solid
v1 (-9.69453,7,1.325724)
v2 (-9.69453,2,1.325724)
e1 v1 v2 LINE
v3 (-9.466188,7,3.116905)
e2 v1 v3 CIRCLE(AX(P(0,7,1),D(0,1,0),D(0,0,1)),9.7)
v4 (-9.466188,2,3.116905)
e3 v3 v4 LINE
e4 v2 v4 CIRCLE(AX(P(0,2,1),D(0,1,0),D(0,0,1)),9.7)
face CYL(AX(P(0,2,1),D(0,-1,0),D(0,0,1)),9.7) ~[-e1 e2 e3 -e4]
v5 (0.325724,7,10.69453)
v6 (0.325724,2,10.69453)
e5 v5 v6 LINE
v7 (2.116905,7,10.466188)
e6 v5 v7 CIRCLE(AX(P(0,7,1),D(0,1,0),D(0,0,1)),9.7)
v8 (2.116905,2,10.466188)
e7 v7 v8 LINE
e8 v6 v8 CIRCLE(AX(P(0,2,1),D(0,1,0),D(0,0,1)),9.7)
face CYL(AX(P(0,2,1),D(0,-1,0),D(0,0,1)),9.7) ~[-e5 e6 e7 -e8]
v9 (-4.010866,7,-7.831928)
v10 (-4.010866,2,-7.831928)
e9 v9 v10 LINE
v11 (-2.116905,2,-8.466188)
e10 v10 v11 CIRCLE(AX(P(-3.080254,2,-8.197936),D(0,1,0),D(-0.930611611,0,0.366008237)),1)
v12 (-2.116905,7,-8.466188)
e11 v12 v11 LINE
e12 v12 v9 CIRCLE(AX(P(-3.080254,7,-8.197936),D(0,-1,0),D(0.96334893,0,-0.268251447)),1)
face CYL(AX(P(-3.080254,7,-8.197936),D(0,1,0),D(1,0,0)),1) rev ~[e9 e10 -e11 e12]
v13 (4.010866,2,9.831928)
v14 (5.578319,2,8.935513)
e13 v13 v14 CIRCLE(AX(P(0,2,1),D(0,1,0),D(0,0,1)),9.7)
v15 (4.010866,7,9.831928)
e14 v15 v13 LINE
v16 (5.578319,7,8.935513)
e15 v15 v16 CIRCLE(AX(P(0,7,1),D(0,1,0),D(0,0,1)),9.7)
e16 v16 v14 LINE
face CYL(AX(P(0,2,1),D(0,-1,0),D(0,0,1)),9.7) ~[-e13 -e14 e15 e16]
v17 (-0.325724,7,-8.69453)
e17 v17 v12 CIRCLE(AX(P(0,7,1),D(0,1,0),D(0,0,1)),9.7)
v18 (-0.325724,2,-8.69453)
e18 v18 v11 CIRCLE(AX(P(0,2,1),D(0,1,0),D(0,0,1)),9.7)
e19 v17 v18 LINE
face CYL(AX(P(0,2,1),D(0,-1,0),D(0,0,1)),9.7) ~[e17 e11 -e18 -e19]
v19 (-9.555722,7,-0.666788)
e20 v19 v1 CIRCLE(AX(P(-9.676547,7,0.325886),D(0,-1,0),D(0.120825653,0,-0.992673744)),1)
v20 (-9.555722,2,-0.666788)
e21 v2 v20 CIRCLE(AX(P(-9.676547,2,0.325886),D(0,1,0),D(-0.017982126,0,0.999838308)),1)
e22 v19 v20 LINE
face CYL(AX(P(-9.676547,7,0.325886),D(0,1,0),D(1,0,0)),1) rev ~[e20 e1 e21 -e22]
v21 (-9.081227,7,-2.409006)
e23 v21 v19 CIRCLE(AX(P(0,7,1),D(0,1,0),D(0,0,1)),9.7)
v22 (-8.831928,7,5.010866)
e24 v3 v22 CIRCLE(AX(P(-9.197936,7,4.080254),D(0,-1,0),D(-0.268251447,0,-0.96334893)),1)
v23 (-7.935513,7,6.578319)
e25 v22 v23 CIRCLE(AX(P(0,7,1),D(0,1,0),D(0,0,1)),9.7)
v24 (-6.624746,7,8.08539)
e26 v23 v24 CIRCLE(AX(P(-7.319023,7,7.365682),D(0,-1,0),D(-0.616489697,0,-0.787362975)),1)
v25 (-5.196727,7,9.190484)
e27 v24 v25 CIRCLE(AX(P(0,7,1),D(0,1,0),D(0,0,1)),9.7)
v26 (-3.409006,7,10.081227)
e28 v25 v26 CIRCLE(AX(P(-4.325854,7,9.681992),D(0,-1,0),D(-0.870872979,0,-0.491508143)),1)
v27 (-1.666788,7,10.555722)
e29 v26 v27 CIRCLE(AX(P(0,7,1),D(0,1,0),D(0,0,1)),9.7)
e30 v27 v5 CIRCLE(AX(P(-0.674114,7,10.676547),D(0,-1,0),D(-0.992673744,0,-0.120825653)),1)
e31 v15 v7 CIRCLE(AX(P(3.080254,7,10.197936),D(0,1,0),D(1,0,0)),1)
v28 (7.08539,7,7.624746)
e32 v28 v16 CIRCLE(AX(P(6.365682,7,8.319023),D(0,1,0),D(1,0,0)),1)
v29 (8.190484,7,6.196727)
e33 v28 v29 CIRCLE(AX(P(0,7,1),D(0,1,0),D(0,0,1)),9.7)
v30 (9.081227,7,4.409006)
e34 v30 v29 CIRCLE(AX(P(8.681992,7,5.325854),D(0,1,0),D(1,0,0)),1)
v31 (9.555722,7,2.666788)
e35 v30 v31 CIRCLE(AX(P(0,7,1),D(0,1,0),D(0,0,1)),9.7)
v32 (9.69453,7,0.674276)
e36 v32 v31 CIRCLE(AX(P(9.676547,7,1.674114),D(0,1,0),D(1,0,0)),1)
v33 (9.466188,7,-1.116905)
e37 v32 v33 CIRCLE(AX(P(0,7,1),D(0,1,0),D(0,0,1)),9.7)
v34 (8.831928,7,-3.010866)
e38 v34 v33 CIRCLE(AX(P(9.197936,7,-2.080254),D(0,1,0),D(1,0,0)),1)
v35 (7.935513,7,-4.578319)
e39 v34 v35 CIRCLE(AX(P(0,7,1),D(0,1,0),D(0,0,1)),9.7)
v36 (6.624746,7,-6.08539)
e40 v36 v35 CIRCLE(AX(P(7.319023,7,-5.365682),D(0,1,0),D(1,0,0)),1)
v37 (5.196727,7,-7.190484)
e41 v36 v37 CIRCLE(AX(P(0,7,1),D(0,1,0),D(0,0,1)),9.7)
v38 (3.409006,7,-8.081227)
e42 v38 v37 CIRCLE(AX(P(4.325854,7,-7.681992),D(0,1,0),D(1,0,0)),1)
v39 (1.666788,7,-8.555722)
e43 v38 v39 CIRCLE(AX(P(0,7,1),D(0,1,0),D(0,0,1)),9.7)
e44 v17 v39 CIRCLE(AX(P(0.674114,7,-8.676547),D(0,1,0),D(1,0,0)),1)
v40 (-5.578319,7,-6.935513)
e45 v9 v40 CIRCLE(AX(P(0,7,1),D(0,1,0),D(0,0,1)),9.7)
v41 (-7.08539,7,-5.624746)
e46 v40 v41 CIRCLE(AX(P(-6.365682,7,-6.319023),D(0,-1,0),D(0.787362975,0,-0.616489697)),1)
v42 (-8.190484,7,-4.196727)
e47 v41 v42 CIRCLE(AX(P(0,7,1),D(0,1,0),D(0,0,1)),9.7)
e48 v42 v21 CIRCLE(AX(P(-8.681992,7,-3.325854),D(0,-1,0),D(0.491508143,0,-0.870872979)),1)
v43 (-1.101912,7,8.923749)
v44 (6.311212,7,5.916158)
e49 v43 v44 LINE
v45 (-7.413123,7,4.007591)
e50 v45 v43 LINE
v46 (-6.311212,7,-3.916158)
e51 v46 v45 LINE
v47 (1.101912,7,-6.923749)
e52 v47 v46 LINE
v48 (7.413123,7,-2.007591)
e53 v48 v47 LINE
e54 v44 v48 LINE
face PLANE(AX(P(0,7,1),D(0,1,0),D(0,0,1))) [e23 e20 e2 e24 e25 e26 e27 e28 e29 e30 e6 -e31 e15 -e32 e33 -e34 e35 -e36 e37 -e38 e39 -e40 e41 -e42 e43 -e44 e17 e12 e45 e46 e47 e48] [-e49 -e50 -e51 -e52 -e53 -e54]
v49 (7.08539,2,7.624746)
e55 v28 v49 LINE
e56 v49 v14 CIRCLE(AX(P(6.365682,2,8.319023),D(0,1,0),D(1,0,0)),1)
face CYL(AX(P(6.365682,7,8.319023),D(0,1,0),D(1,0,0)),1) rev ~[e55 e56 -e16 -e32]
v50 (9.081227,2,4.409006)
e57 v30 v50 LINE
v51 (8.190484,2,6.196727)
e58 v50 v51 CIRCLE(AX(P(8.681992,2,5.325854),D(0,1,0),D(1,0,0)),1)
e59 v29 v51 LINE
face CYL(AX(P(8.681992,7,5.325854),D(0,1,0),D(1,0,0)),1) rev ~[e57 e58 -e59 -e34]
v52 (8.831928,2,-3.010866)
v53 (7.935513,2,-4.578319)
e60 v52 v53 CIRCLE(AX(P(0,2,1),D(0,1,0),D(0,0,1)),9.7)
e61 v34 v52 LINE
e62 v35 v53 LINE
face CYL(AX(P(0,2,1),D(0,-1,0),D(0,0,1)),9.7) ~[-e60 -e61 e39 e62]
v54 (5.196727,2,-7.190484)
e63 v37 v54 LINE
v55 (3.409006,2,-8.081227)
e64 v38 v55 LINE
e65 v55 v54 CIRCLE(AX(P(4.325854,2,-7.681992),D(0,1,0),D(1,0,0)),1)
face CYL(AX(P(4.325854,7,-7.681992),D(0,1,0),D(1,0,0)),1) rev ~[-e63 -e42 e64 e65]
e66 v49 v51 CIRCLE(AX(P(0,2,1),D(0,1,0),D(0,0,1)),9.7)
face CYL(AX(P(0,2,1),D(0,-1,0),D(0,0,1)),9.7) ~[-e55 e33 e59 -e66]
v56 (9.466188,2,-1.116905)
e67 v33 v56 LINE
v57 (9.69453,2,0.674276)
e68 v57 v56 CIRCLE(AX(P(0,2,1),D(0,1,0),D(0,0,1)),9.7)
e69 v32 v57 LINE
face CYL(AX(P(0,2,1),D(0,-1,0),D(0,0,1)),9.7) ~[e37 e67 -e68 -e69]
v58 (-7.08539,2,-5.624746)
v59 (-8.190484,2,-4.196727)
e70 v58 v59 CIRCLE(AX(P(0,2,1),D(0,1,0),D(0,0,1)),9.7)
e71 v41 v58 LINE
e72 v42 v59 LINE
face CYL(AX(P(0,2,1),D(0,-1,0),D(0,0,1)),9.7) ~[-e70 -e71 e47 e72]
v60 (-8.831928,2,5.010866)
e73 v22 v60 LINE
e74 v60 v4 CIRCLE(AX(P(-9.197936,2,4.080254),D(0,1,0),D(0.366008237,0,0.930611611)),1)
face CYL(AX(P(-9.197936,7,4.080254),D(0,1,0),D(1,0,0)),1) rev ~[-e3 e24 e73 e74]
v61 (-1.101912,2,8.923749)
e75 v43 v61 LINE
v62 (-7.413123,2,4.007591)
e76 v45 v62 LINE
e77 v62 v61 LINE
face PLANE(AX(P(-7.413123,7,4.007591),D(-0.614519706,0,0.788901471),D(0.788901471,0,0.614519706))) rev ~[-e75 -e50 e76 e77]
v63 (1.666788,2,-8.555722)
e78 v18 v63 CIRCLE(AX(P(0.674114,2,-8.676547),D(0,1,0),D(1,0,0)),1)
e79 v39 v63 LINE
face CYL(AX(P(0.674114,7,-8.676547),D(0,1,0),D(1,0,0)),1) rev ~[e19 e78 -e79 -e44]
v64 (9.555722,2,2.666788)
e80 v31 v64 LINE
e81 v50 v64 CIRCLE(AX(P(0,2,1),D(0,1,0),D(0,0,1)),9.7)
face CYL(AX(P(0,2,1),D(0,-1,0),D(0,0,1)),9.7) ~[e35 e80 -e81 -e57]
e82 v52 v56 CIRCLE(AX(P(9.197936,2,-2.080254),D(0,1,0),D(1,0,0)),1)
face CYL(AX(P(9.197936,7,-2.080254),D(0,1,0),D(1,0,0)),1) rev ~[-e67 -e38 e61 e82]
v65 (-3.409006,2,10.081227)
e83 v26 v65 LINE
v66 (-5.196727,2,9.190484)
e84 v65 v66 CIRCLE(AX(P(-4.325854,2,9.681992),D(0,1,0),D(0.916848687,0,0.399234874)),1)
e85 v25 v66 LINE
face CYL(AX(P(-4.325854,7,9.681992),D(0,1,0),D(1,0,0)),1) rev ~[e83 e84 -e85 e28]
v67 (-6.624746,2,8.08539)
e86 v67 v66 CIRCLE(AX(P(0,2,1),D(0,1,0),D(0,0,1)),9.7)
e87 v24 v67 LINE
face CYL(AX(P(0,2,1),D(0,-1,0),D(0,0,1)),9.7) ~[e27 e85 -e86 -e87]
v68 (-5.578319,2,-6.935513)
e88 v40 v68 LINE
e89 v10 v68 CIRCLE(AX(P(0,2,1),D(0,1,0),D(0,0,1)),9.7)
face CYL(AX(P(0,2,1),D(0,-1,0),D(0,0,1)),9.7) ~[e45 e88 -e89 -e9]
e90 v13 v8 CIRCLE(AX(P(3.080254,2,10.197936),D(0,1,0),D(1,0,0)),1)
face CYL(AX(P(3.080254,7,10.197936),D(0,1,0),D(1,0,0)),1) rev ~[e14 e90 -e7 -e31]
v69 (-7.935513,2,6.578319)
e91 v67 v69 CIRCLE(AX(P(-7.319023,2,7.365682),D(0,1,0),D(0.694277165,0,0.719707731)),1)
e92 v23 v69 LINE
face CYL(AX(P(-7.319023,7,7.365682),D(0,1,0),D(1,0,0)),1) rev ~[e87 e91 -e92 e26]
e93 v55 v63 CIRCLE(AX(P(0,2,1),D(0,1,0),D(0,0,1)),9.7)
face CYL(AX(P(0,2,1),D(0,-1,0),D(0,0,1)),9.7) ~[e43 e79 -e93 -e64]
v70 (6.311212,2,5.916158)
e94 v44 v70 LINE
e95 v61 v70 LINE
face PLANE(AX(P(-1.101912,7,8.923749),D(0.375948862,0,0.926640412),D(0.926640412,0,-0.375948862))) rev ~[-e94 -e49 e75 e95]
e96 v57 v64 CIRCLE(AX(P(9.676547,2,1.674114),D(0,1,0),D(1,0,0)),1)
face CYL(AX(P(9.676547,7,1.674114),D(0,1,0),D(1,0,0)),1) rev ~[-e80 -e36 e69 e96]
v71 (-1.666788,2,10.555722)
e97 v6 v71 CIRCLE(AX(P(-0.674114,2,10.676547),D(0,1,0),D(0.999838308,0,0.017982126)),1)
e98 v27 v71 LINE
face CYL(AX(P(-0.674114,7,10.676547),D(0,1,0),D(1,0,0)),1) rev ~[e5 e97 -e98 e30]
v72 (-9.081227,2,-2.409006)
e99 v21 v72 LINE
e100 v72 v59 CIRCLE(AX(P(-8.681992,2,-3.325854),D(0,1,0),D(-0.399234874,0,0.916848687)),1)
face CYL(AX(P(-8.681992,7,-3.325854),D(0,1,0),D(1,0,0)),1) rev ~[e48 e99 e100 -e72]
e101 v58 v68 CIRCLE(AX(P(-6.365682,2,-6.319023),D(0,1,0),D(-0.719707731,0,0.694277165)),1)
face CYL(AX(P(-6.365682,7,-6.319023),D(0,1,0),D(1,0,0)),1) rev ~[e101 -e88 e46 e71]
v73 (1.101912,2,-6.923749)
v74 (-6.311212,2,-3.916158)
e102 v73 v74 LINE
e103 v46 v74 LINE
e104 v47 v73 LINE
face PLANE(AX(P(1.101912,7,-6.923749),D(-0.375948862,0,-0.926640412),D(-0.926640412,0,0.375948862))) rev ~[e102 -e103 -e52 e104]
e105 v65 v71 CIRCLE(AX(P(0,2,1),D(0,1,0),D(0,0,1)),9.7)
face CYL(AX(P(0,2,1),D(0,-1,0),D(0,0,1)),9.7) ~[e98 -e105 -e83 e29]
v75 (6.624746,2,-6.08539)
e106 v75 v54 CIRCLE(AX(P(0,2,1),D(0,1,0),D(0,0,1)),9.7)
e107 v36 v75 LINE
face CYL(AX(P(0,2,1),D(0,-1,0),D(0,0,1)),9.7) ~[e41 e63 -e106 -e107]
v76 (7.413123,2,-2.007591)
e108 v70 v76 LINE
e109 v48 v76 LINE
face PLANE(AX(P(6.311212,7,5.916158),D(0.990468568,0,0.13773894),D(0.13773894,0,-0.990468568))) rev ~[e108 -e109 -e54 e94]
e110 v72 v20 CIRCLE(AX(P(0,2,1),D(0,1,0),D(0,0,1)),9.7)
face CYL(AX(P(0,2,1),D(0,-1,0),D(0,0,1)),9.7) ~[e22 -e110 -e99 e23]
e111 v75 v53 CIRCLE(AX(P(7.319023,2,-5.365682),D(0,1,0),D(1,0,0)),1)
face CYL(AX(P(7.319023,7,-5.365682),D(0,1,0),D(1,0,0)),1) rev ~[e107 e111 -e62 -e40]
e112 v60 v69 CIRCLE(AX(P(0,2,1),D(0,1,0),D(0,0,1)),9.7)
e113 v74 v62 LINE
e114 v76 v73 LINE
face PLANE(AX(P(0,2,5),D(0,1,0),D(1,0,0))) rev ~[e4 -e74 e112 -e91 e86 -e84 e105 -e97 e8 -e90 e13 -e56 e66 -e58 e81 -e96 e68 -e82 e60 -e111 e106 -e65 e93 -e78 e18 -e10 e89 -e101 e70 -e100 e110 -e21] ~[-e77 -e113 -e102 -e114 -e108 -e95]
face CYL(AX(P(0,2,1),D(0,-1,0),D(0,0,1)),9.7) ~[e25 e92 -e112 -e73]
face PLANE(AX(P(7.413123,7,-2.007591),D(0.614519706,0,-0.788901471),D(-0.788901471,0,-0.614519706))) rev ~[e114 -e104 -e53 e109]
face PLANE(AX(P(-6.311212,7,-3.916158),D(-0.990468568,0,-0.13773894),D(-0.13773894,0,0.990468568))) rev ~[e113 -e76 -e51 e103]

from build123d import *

# Parameters (mm, degrees)
SKETCH1_W             = 20
SKETCH1_H             = 20
SKETCH1_R             = 4
SKETCH1_H_2           = 10
BOSS_EXTRUDE2_DEPTH   = 2
SKETCH2_W             = 45
SKETCH2_H             = 60
SKETCH2_W_2           = 43
SKETCH2_H_2           = 58
BOSS_EXTRUDE3_DEPTH   = 4
SKETCH6_W             = 45
SKETCH6_H             = 30
BOSS_EXTRUDE4_DEPTH   = 2
CUT_EXTRUDE4_DEPTH    = 4
BOSS_EXTRUDE5_DEPTH   = 7
BOSS_EXTRUDE5_2_DEPTH = 7
BOSS_EXTRUDE5_3_DEPTH = 7
SKETCH14_R            = 4
CUT_EXTRUDE7_DEPTH    = 19
SKETCH20_R            = 9.7
BOSS_EXTRUDE6_DEPTH   = 5
CUT_EXTRUDE8_DEPTH    = 15
CUT_EXTRUDE9_DEPTH    = 15
CUT_EXTRUDE10_DEPTH   = 31
SKETCH24_W            = 45
SKETCH24_H            = 30
CUT_EXTRUDE11_DEPTH   = 31
SKETCH25_W            = 45
SKETCH25_H            = 60
CUT_EXTRUDE12_DEPTH   = 31
SKETCH26_R            = 1
CUT_EXTRUDE14_DEPTH   = 31
SKETCH28_R            = 8.330942509
BOSS_EXTRUDE7_DEPTH   = 5
CUT_EXTRUDE15_DEPTH   = 10


with BuildPart() as part:
    # Sketch1 → Boss-Extrude2 (new body)
    # profile 1 of 6: a face of its own
    with BuildSketch(Plane(origin=(0, 0, 0), x_dir=(1, 0, 0), z_dir=(0, 1, 0))):
        Polygon((-22.5, 10), (-10, 10), (10, 10), (22.5, 10), (22.5, 70), (-22.5, 70), align=None)
    # profile 2 of 6: a face of its own
    with BuildSketch(Plane(origin=(0, 0, 0), x_dir=(1, 0, 0), z_dir=(0, 1, 0))):
        Polygon((-22.5, 10), (-10, -10), (-10, 10), align=None)
    # profile 3 of 6: a face of its own
    with BuildSketch(Plane(origin=(0, 0, 0), x_dir=(1, 0, 0), z_dir=(0, 1, 0))):
        Polygon((10, 10), (10, -10), (22.5, 10), align=None)
    # profile 4 of 6: a face of its own
    with BuildSketch(Plane(origin=(0, 0, 0), x_dir=(1, 0, 0), z_dir=(0, 1, 0))):
        Rectangle(SKETCH1_W, SKETCH1_H)
        Circle(SKETCH1_R, mode=Mode.SUBTRACT)
    # profile 5 of 6: a face of its own
    with BuildSketch(Plane(origin=(0, 0, 0), x_dir=(1, 0, 0), z_dir=(0, 1, 0))):
        Circle(SKETCH1_R)
    # profile 6 of 6: a face of its own
    with BuildSketch(Plane(origin=(0, 0, 0), x_dir=(1, 0, 0), z_dir=(0, 1, 0))):
        with Locations((0, -15)):
            Rectangle(SKETCH1_W, SKETCH1_H_2)
    extrude(amount=BOSS_EXTRUDE2_DEPTH)

    # Sketch2 → Boss-Extrude3 (add)
    with BuildSketch(Plane(origin=(0, 2, 0), x_dir=(1, 0, 0), z_dir=(0, 1, 0))):
        with Locations((0, 40)):
            Rectangle(SKETCH2_W, SKETCH2_H)
        with Locations((0, 40)):
            Rectangle(SKETCH2_W_2, SKETCH2_H_2, mode=Mode.SUBTRACT)
    extrude(amount=BOSS_EXTRUDE3_DEPTH)

    # Sketch6 → Boss-Extrude4 (add)
    with BuildSketch(Plane(origin=(0, 2, 0), x_dir=(1, 0, 0), z_dir=(0, 1, 0))):
        with Locations((0, -5)):
            Rectangle(SKETCH6_W, SKETCH6_H)
    extrude(amount=-BOSS_EXTRUDE4_DEPTH)

    # Sketch7 → Cut-Extrude4 (cut)
    with BuildSketch(Plane(origin=(0, 2, 0), x_dir=(1, 0, 0), z_dir=(0, 1, 0))):
        with BuildLine():
            Line((9.5, 9.5), (-9.5, 9.5))
            Line((-9.5, 9.5), (-9.5, 2.122498999))
            ThreePointArc((-9.5, 2.122498999), (0, 9), (9.5, 2.122498999))
            Line((9.5, 2.122498999), (9.5, 9.5))
        make_face()
        with BuildLine():
            ThreePointArc((-5.267826876, -9.5), (-7.858215886, -7.184532568), (-9.5, -4.122498999))
            Line((-9.5, -4.122498999), (-9.5, -9.5))
            Line((-9.5, -9.5), (-5.267826876, -9.5))
        make_face()
        with BuildLine():
            Line((9.5, -9.5), (9.5, -4.122498999))
            ThreePointArc((9.5, -4.122498999), (7.858215886, -7.184532568), (5.267826876, -9.5))
            Line((5.267826876, -9.5), (9.5, -9.5))
        make_face()
    extrude(amount=-CUT_EXTRUDE4_DEPTH, mode=Mode.SUBTRACT)

    # Sketch14 → Cut-Extrude7 (cut)
    with BuildSketch(Plane.XZ):
        with Locations(Location((0, 1, 0), (0, 0, 270))):
            Circle(SKETCH14_R)
    extrude(amount=-CUT_EXTRUDE7_DEPTH, mode=Mode.SUBTRACT)

    # Sketch20 → Boss-Extrude6 (add)
    with BuildSketch(Plane(origin=(0, 2, 0), x_dir=(1, 0, 0), z_dir=(0, 1, 0))):
        with Locations(Location((0, -1, 0), (0, 0, 270))):
            Circle(SKETCH20_R)
        Polygon((7.160405698, -4.567714988), (7.585926887, 1.540415964), (3.567714988, 6.160405698), (-2.540415964, 6.585926887), (-7.160405698, 2.567714988), (-7.585926887, -3.540415964), (-3.567714988, -8.160405698), (2.540415964, -8.585926887), align=None, mode=Mode.SUBTRACT)
    extrude(amount=BOSS_EXTRUDE6_DEPTH)

    # Sketch24 → Cut-Extrude11 (cut)
    with BuildSketch(Plane(origin=(0, 2, 0), x_dir=(1, 0, 0), z_dir=(0, 1, 0))):
        with Locations((0, -5)):
            Rectangle(SKETCH24_W, SKETCH24_H)
    extrude(amount=-CUT_EXTRUDE11_DEPTH, mode=Mode.SUBTRACT)


with BuildPart() as body_2:
    # Sketch8 → Boss-Extrude5 (new body)
    with BuildSketch(Plane(origin=(0, 2, 0), x_dir=(1, 0, 0), z_dir=(0, 1, 0))):
        with BuildLine():
            Line((9.5, 2.122498999), (9.5, 9.5))
            Line((9.5, 9.5), (-9.5, 9.5))
            Line((-9.5, 9.5), (-9.5, 2.122498999))
            ThreePointArc((-9.5, 2.122498999), (0, 9), (9.5, 2.122498999))
        make_face()
    extrude(amount=BOSS_EXTRUDE5_DEPTH)

    # Sketch21 → Cut-Extrude8 (cut)
    with BuildSketch(Plane(origin=(0, 9, 0), x_dir=(1, 0, 0), z_dir=(0, 1, 0))):
        with BuildLine():
            Line((-9.5, 9.5), (-9.5, 2.122498999))
            ThreePointArc((-9.5, 2.122498999), (0, 9), (9.5, 2.122498999))
            Line((9.5, 2.122498999), (9.5, 9.5))
            Line((9.5, 9.5), (-9.5, 9.5))
        make_face()
    extrude(amount=-CUT_EXTRUDE8_DEPTH, mode=Mode.SUBTRACT)


with BuildPart() as body_3:
    # Sketch8 → Boss-Extrude5 2 (new body)
    with BuildSketch(Plane(origin=(0, 2, 0), x_dir=(1, 0, 0), z_dir=(0, 1, 0))):
        with BuildLine():
            Line((-9.5, -9.5), (-5.267826876, -9.5))
            ThreePointArc((-5.267826876, -9.5), (-7.858215886, -7.184532568), (-9.5, -4.122498999))
            Line((-9.5, -4.122498999), (-9.5, -9.5))
        make_face()
    extrude(amount=BOSS_EXTRUDE5_2_DEPTH)

    # Sketch22 → Cut-Extrude9 (cut)
    with BuildSketch(Plane(origin=(0, 9, 0), x_dir=(1, 0, 0), z_dir=(0, 1, 0))):
        with BuildLine():
            Line((-9.5, -4.122498999), (-9.5, -9.5))
            Line((-9.5, -9.5), (-5.267826876, -9.5))
            ThreePointArc((-5.267826876, -9.5), (-7.858215886, -7.184532568), (-9.5, -4.122498999))
        make_face()
    extrude(amount=-CUT_EXTRUDE9_DEPTH, mode=Mode.SUBTRACT)


with BuildPart() as body_4:
    # Sketch8 → Boss-Extrude5 3 (new body)
    with BuildSketch(Plane(origin=(0, 2, 0), x_dir=(1, 0, 0), z_dir=(0, 1, 0))):
        with BuildLine():
            Line((9.5, -9.5), (9.5, -4.122498999))
            ThreePointArc((9.5, -4.122498999), (7.858215886, -7.184532568), (5.267826876, -9.5))
            Line((5.267826876, -9.5), (9.5, -9.5))
        make_face()
    extrude(amount=BOSS_EXTRUDE5_3_DEPTH)

    # Sketch23 → Cut-Extrude10 (cut)
    with BuildSketch(Plane(origin=(0, 9, 0), x_dir=(1, 0, 0), z_dir=(0, 1, 0))):
        with BuildLine():
            Line((5.267826876, -9.5), (9.5, -9.5))
            Line((9.5, -9.5), (9.5, -4.122498999))
            ThreePointArc((9.5, -4.122498999), (7.858215886, -7.184532568), (5.267826876, -9.5))
        make_face()
    extrude(amount=-CUT_EXTRUDE10_DEPTH, mode=Mode.SUBTRACT)


with BuildPart() as cut_extrude11_piece_1:
    # of the separate pieces the step leaves, piece 1, a body of its own (cut_extrude11_pieces)
    add(part.part.solids().sort_by_distance((-22.5, 0, -10))[0])

    # Sketch25 → Cut-Extrude12 (cut)
    with BuildSketch(Plane(origin=(0, 6, 0), x_dir=(1, 0, 0), z_dir=(0, 1, 0))):
        with Locations((0, 40)):
            Rectangle(SKETCH25_W, SKETCH25_H)
    extrude(amount=-CUT_EXTRUDE12_DEPTH, mode=Mode.SUBTRACT)


with BuildPart() as cut_extrude11_piece_2:
    # of the separate pieces the step leaves, piece 2, a body of its own (cut_extrude11_pieces)
    add(part.part.solids().sort_by_distance((0, 2, 10.7))[0])

    # Sketch26 → Cut-Extrude14 (cut)
    with BuildSketch(Plane(origin=(0, 7, 0), x_dir=(1, 0, 0), z_dir=(0, 1, 0))):
        with Locations((0.674113898, 8.676547445)):
            Circle(SKETCH26_R)
        with Locations((-6.365681808, 6.319022826)):
            Circle(SKETCH26_R)
        with Locations((-9.676547445, -0.325886102)):
            Circle(SKETCH26_R)
        with Locations((-8.681991909, 3.325854423)):
            Circle(SKETCH26_R)
        with Locations((-9.19793635, -4.080254356)):
            Circle(SKETCH26_R)
        with Locations((-7.319022826, -7.365681808)):
            Circle(SKETCH26_R)
        with Locations((-4.325854423, -9.681991909)):
            Circle(SKETCH26_R)
        with Locations((-0.674113898, -10.676547445)):
            Circle(SKETCH26_R)
        with Locations((3.080254356, -10.19793635)):
            Circle(SKETCH26_R)
        with Locations((6.365681808, -8.319022826)):
            Circle(SKETCH26_R)
        with Locations((8.681991909, -5.325854423)):
            Circle(SKETCH26_R)
        with Locations((9.676547445, -1.674113898)):
            Circle(SKETCH26_R)
        with Locations((9.19793635, 2.080254356)):
            Circle(SKETCH26_R)
        with Locations((7.319022826, 5.365681808)):
            Circle(SKETCH26_R)
        with Locations((4.325854423, 7.681991909)):
            Circle(SKETCH26_R)
        with Locations((-3.080254356, 8.19793635)):
            Circle(SKETCH26_R)
    extrude(amount=-CUT_EXTRUDE14_DEPTH, mode=Mode.SUBTRACT)

    # Sketch28 → Boss-Extrude7 (add)
    with BuildSketch(Plane(origin=(0, 7, 0), x_dir=(1, 0, 0), z_dir=(0, 1, 0))):
        with Locations((0, -1)):
            Circle(SKETCH28_R)
    extrude(amount=-BOSS_EXTRUDE7_DEPTH)

    # Sketch29 → Cut-Extrude15 (cut)
    with BuildSketch(Plane(origin=(0, 7, 0), x_dir=(1, 0, 0), z_dir=(0, 1, 0))):
        Polygon((-6.311211771, 3.916157644), (-7.413123294, -4.0075909), (-1.101911524, -8.923748544), (6.311211771, -5.916157644), (7.413123294, 2.0075909), (1.101911524, 6.923748544), align=None)
    extrude(amount=-CUT_EXTRUDE15_DEPTH, mode=Mode.SUBTRACT)


solid = cut_extrude11_piece_2.part
